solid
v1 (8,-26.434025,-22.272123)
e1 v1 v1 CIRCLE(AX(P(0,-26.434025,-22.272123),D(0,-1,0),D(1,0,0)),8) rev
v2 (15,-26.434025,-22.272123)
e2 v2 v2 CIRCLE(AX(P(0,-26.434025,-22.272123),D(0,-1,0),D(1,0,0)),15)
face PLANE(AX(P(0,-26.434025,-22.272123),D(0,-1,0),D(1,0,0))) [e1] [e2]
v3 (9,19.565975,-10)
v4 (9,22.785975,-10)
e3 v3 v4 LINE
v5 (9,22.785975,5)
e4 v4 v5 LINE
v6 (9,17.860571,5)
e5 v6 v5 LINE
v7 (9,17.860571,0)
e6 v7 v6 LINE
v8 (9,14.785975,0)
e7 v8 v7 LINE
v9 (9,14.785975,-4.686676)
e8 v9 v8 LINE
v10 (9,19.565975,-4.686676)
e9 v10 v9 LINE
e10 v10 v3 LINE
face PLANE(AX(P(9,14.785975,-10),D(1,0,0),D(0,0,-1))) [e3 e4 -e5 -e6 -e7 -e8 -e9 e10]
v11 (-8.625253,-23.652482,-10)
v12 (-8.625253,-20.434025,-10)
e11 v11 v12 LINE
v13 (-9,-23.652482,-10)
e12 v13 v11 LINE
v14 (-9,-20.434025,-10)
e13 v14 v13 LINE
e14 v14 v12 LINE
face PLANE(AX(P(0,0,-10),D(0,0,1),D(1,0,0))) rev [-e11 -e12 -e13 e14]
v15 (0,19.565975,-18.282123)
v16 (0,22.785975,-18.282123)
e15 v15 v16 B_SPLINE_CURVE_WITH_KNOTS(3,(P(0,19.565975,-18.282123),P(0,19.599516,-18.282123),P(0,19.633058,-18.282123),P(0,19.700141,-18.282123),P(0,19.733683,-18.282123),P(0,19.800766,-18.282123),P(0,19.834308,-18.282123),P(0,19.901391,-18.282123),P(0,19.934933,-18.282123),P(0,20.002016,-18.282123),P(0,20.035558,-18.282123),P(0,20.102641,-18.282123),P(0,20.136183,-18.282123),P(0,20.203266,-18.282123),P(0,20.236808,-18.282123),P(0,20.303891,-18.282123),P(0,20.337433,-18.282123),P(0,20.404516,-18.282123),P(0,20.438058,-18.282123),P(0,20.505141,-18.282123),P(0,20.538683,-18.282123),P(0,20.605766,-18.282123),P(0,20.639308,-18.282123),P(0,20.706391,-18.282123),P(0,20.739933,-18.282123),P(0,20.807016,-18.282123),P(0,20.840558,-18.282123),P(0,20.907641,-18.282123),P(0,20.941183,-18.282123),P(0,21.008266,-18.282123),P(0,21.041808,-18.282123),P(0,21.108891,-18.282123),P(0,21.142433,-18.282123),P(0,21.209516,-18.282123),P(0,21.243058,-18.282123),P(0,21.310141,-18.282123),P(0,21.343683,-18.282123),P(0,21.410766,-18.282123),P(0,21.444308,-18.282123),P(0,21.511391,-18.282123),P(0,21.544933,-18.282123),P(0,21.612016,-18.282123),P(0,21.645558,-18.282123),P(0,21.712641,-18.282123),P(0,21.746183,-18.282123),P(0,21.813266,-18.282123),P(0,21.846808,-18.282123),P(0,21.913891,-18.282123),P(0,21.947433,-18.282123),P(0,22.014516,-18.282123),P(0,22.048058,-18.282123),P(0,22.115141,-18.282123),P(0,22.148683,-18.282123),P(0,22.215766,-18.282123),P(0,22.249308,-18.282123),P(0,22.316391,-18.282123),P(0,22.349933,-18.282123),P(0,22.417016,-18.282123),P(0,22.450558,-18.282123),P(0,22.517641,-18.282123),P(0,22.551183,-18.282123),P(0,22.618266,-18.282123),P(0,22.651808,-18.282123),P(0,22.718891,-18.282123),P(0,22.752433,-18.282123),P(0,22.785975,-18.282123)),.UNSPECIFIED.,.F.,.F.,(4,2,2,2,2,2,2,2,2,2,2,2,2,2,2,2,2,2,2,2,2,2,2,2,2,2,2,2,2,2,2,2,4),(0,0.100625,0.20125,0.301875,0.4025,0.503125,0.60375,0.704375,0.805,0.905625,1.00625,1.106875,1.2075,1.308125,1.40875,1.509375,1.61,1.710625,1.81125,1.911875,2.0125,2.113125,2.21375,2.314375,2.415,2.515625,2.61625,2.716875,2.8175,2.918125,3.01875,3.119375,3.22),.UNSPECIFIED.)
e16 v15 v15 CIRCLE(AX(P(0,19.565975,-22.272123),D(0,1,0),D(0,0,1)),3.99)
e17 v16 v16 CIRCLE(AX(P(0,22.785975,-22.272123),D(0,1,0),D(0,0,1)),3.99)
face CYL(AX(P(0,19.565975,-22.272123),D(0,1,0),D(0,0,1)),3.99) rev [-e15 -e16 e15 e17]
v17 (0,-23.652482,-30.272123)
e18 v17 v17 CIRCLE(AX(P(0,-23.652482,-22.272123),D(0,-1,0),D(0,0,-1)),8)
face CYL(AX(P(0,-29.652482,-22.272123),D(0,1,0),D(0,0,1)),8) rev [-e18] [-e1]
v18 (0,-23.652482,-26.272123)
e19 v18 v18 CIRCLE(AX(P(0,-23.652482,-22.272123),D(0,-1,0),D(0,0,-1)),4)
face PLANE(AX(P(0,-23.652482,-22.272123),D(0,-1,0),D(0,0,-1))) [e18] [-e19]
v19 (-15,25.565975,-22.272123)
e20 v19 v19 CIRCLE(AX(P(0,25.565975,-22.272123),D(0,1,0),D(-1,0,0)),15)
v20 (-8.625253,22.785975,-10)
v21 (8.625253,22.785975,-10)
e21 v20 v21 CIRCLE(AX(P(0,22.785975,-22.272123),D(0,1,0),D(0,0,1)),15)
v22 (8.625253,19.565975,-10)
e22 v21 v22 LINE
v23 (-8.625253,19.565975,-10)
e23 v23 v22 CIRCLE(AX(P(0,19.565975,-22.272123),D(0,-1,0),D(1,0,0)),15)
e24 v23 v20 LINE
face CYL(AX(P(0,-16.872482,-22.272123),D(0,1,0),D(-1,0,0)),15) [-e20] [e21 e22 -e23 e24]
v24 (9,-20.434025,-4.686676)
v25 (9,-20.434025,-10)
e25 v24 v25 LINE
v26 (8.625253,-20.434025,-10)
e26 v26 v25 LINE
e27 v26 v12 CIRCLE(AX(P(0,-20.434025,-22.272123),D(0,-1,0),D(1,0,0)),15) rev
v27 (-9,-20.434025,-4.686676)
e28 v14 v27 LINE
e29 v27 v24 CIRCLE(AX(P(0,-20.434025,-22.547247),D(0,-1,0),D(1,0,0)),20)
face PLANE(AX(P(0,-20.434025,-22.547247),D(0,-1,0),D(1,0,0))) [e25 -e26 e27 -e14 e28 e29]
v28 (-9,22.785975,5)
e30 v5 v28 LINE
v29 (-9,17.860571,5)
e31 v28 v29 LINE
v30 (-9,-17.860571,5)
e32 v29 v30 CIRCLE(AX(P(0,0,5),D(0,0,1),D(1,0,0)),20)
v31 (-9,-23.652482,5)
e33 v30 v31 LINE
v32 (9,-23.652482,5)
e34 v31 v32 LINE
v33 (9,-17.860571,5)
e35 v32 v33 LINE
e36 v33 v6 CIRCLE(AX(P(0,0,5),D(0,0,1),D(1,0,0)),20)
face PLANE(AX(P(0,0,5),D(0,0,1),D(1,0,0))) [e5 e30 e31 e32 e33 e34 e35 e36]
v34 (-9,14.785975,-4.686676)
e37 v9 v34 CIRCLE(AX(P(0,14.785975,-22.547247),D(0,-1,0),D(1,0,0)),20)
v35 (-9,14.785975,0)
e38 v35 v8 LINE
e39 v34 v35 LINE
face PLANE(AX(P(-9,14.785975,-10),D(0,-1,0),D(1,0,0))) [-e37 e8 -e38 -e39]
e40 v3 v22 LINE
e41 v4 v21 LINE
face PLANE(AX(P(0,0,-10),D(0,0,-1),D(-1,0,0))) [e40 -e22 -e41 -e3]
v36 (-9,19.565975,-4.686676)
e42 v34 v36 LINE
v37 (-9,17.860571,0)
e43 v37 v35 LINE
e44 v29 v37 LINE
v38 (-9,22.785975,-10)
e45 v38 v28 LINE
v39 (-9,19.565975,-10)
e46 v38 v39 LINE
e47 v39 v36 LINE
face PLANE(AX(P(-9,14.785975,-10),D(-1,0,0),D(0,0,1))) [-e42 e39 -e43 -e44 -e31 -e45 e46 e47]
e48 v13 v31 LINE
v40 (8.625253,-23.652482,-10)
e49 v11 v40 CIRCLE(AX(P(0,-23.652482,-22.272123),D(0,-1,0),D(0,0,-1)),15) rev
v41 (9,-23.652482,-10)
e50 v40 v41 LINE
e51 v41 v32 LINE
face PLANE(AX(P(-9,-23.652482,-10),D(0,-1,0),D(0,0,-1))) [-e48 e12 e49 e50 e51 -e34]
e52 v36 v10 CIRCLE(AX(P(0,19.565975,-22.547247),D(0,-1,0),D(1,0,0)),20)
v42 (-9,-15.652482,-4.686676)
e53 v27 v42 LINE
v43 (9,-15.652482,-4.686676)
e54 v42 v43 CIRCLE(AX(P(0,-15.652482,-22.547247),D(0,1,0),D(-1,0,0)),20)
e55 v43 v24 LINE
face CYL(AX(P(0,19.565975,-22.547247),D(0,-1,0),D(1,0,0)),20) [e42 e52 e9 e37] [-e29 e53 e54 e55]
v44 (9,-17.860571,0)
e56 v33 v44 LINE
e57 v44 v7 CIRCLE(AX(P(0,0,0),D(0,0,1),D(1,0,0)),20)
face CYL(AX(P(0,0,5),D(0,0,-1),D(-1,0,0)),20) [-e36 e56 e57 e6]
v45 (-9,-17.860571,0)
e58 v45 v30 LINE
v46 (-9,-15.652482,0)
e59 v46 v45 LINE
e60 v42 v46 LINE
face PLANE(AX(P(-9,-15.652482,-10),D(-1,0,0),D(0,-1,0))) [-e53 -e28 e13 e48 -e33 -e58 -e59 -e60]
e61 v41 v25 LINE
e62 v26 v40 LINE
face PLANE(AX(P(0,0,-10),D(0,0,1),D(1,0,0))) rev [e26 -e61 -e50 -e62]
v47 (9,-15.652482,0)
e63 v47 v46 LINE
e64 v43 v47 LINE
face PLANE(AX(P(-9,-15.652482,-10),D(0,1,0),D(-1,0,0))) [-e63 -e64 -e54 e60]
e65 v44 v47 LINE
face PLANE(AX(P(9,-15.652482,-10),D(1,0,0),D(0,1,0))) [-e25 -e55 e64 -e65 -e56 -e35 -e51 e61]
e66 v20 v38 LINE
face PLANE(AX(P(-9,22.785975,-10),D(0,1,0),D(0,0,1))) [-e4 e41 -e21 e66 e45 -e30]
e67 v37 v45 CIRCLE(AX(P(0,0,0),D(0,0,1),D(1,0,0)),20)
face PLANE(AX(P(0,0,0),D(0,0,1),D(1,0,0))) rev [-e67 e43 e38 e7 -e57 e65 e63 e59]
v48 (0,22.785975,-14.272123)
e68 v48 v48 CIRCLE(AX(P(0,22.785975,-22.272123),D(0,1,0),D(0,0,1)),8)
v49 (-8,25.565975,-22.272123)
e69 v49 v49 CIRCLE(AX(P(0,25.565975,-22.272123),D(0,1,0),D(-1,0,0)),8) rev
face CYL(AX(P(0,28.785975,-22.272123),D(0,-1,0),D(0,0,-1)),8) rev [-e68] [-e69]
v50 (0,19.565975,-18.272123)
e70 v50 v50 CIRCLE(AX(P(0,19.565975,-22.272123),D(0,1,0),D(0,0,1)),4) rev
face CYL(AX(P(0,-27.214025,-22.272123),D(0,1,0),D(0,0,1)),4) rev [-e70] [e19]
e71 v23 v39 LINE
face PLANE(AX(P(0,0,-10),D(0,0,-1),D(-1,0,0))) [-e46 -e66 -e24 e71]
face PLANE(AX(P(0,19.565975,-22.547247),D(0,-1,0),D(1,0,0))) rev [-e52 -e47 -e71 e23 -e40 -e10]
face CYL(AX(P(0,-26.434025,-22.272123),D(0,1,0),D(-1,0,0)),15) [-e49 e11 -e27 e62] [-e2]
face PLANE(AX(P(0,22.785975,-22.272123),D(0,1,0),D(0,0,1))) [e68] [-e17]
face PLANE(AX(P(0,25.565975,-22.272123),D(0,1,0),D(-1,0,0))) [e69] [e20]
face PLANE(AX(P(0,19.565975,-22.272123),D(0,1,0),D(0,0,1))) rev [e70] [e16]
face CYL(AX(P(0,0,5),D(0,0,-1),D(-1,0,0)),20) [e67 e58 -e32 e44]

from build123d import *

# Parameters (mm, degrees)
SKETCH_1_R           = 20
EXTRUDE_1_DEPTH      = 5
SKETCH_3_W           = 18
SKETCH_3_H           = 8
EXTRUDE_2_DEPTH      = 15
EXTRUDE_3_DEPTH      = 35.22
EXTRUDE_3_DEPTH_BACK = 4.78
SKETCH_4_R           = 20
EXTRUDE_4_DEPTH      = 6
EXTRUDE_4_DEPTH_BACK = 36.43845651
SKETCH_6_R           = 15
SKETCH_10_R          = 8
CUT_EXTRUDE_1_DEPTH  = 6
EXTRUDE_START        = 6
SKETCH_14_R          = 15
EXTRUDE_6_DEPTH      = 6
CUT_EXTRUDE_START    = 6
SKETCH_11_R          = 8
CUT_EXTRUDE_4_DEPTH  = 6
SKETCH_16_R          = 4
CUT_EXTRUDE_5_DEPTH  = 50
SKETCH_23_R          = 4.01
SKETCH_23_R_2        = 3.99
EXTRUDE_7_DEPTH      = 3.22


with BuildPart() as part:
    # 草图1 → 凸台-拉伸1 (new body)
    with BuildSketch(Plane.XY):
        Circle(SKETCH_1_R)
    extrude(amount=EXTRUDE_1_DEPTH)

    # 草图3 → 凸台-拉伸2 (add)
    with BuildSketch(Plane.XY.offset(5)):
        with Locations((0, -19.652481849)):
            Rectangle(SKETCH_3_W, SKETCH_3_H)
        with Locations((0, 18.785974665)):
            Rectangle(SKETCH_3_W, SKETCH_3_H)
    extrude(amount=-EXTRUDE_2_DEPTH)

    # 草图4 → 凸台-拉伸3 (add, two sides: drawn at the far end of the back side and taken through both)
    with BuildSketch(Plane.XZ.offset(-14.785974665).offset(-EXTRUDE_3_DEPTH_BACK)):
        with Locations((0, -22.547246605)):
            Circle(SKETCH_4_R)
    extrude(amount=EXTRUDE_3_DEPTH + EXTRUDE_3_DEPTH_BACK)

    # 草图6 → 凸台-拉伸4 (add, two sides: drawn at the far end of the back side and taken through both)
    with BuildSketch(Plane(origin=(0, 19.565974665, 0), x_dir=(1, 0, 0), z_dir=(0, 1, 0)).offset(-EXTRUDE_4_DEPTH_BACK)):
        with Locations((0, 22.272123062)):
            Circle(SKETCH_6_R)
    extrude(amount=EXTRUDE_4_DEPTH + EXTRUDE_4_DEPTH_BACK)

    # 草图10 → 切除-拉伸1 (cut)
    with BuildSketch(Plane(origin=(0, 22.785974665, 0), x_dir=(1, 0, 0), z_dir=(0, 1, 0))):
        with Locations((0, 22.272123062)):
            Circle(SKETCH_10_R)
    extrude(amount=CUT_EXTRUDE_1_DEPTH, mode=Mode.SUBTRACT)

    # 草图14 → 凸台-拉伸6 (add)
    with BuildSketch(Plane(origin=(0, -20.434025335, 0), x_dir=(-1, 0, 0), z_dir=(0, -1, 0)).offset(EXTRUDE_START)):
        with Locations((0, 22.272123062)):
            Circle(SKETCH_14_R)
    extrude(amount=-EXTRUDE_6_DEPTH)

    # 草图11 → 切除-拉伸4 (cut)
    with BuildSketch(Plane.XZ.offset(23.652481849).offset(CUT_EXTRUDE_START)):
        with Locations((0, -22.272123062)):
            Circle(SKETCH_11_R)
    extrude(amount=-CUT_EXTRUDE_4_DEPTH, mode=Mode.SUBTRACT)

    # 草图16 → 切除-拉伸5 (cut)
    with BuildSketch(Plane(origin=(0, 22.785974665, 0), x_dir=(1, 0, 0), z_dir=(0, 1, 0))):
        with Locations((0, 22.272123062)):
            Circle(SKETCH_16_R)
    extrude(amount=-CUT_EXTRUDE_5_DEPTH, mode=Mode.SUBTRACT)

    # 草图23 → 凸台-拉伸7 (add)
    with BuildSketch(Plane(origin=(0, 22.785974665, 0), x_dir=(1, 0, 0), z_dir=(0, 1, 0))):
        with Locations((0, 22.272123062)):
            Circle(SKETCH_23_R)
        with Locations((0, 22.272123062)):
            Circle(SKETCH_23_R_2, mode=Mode.SUBTRACT)
    extrude(amount=-EXTRUDE_7_DEPTH)


solid = part.part
